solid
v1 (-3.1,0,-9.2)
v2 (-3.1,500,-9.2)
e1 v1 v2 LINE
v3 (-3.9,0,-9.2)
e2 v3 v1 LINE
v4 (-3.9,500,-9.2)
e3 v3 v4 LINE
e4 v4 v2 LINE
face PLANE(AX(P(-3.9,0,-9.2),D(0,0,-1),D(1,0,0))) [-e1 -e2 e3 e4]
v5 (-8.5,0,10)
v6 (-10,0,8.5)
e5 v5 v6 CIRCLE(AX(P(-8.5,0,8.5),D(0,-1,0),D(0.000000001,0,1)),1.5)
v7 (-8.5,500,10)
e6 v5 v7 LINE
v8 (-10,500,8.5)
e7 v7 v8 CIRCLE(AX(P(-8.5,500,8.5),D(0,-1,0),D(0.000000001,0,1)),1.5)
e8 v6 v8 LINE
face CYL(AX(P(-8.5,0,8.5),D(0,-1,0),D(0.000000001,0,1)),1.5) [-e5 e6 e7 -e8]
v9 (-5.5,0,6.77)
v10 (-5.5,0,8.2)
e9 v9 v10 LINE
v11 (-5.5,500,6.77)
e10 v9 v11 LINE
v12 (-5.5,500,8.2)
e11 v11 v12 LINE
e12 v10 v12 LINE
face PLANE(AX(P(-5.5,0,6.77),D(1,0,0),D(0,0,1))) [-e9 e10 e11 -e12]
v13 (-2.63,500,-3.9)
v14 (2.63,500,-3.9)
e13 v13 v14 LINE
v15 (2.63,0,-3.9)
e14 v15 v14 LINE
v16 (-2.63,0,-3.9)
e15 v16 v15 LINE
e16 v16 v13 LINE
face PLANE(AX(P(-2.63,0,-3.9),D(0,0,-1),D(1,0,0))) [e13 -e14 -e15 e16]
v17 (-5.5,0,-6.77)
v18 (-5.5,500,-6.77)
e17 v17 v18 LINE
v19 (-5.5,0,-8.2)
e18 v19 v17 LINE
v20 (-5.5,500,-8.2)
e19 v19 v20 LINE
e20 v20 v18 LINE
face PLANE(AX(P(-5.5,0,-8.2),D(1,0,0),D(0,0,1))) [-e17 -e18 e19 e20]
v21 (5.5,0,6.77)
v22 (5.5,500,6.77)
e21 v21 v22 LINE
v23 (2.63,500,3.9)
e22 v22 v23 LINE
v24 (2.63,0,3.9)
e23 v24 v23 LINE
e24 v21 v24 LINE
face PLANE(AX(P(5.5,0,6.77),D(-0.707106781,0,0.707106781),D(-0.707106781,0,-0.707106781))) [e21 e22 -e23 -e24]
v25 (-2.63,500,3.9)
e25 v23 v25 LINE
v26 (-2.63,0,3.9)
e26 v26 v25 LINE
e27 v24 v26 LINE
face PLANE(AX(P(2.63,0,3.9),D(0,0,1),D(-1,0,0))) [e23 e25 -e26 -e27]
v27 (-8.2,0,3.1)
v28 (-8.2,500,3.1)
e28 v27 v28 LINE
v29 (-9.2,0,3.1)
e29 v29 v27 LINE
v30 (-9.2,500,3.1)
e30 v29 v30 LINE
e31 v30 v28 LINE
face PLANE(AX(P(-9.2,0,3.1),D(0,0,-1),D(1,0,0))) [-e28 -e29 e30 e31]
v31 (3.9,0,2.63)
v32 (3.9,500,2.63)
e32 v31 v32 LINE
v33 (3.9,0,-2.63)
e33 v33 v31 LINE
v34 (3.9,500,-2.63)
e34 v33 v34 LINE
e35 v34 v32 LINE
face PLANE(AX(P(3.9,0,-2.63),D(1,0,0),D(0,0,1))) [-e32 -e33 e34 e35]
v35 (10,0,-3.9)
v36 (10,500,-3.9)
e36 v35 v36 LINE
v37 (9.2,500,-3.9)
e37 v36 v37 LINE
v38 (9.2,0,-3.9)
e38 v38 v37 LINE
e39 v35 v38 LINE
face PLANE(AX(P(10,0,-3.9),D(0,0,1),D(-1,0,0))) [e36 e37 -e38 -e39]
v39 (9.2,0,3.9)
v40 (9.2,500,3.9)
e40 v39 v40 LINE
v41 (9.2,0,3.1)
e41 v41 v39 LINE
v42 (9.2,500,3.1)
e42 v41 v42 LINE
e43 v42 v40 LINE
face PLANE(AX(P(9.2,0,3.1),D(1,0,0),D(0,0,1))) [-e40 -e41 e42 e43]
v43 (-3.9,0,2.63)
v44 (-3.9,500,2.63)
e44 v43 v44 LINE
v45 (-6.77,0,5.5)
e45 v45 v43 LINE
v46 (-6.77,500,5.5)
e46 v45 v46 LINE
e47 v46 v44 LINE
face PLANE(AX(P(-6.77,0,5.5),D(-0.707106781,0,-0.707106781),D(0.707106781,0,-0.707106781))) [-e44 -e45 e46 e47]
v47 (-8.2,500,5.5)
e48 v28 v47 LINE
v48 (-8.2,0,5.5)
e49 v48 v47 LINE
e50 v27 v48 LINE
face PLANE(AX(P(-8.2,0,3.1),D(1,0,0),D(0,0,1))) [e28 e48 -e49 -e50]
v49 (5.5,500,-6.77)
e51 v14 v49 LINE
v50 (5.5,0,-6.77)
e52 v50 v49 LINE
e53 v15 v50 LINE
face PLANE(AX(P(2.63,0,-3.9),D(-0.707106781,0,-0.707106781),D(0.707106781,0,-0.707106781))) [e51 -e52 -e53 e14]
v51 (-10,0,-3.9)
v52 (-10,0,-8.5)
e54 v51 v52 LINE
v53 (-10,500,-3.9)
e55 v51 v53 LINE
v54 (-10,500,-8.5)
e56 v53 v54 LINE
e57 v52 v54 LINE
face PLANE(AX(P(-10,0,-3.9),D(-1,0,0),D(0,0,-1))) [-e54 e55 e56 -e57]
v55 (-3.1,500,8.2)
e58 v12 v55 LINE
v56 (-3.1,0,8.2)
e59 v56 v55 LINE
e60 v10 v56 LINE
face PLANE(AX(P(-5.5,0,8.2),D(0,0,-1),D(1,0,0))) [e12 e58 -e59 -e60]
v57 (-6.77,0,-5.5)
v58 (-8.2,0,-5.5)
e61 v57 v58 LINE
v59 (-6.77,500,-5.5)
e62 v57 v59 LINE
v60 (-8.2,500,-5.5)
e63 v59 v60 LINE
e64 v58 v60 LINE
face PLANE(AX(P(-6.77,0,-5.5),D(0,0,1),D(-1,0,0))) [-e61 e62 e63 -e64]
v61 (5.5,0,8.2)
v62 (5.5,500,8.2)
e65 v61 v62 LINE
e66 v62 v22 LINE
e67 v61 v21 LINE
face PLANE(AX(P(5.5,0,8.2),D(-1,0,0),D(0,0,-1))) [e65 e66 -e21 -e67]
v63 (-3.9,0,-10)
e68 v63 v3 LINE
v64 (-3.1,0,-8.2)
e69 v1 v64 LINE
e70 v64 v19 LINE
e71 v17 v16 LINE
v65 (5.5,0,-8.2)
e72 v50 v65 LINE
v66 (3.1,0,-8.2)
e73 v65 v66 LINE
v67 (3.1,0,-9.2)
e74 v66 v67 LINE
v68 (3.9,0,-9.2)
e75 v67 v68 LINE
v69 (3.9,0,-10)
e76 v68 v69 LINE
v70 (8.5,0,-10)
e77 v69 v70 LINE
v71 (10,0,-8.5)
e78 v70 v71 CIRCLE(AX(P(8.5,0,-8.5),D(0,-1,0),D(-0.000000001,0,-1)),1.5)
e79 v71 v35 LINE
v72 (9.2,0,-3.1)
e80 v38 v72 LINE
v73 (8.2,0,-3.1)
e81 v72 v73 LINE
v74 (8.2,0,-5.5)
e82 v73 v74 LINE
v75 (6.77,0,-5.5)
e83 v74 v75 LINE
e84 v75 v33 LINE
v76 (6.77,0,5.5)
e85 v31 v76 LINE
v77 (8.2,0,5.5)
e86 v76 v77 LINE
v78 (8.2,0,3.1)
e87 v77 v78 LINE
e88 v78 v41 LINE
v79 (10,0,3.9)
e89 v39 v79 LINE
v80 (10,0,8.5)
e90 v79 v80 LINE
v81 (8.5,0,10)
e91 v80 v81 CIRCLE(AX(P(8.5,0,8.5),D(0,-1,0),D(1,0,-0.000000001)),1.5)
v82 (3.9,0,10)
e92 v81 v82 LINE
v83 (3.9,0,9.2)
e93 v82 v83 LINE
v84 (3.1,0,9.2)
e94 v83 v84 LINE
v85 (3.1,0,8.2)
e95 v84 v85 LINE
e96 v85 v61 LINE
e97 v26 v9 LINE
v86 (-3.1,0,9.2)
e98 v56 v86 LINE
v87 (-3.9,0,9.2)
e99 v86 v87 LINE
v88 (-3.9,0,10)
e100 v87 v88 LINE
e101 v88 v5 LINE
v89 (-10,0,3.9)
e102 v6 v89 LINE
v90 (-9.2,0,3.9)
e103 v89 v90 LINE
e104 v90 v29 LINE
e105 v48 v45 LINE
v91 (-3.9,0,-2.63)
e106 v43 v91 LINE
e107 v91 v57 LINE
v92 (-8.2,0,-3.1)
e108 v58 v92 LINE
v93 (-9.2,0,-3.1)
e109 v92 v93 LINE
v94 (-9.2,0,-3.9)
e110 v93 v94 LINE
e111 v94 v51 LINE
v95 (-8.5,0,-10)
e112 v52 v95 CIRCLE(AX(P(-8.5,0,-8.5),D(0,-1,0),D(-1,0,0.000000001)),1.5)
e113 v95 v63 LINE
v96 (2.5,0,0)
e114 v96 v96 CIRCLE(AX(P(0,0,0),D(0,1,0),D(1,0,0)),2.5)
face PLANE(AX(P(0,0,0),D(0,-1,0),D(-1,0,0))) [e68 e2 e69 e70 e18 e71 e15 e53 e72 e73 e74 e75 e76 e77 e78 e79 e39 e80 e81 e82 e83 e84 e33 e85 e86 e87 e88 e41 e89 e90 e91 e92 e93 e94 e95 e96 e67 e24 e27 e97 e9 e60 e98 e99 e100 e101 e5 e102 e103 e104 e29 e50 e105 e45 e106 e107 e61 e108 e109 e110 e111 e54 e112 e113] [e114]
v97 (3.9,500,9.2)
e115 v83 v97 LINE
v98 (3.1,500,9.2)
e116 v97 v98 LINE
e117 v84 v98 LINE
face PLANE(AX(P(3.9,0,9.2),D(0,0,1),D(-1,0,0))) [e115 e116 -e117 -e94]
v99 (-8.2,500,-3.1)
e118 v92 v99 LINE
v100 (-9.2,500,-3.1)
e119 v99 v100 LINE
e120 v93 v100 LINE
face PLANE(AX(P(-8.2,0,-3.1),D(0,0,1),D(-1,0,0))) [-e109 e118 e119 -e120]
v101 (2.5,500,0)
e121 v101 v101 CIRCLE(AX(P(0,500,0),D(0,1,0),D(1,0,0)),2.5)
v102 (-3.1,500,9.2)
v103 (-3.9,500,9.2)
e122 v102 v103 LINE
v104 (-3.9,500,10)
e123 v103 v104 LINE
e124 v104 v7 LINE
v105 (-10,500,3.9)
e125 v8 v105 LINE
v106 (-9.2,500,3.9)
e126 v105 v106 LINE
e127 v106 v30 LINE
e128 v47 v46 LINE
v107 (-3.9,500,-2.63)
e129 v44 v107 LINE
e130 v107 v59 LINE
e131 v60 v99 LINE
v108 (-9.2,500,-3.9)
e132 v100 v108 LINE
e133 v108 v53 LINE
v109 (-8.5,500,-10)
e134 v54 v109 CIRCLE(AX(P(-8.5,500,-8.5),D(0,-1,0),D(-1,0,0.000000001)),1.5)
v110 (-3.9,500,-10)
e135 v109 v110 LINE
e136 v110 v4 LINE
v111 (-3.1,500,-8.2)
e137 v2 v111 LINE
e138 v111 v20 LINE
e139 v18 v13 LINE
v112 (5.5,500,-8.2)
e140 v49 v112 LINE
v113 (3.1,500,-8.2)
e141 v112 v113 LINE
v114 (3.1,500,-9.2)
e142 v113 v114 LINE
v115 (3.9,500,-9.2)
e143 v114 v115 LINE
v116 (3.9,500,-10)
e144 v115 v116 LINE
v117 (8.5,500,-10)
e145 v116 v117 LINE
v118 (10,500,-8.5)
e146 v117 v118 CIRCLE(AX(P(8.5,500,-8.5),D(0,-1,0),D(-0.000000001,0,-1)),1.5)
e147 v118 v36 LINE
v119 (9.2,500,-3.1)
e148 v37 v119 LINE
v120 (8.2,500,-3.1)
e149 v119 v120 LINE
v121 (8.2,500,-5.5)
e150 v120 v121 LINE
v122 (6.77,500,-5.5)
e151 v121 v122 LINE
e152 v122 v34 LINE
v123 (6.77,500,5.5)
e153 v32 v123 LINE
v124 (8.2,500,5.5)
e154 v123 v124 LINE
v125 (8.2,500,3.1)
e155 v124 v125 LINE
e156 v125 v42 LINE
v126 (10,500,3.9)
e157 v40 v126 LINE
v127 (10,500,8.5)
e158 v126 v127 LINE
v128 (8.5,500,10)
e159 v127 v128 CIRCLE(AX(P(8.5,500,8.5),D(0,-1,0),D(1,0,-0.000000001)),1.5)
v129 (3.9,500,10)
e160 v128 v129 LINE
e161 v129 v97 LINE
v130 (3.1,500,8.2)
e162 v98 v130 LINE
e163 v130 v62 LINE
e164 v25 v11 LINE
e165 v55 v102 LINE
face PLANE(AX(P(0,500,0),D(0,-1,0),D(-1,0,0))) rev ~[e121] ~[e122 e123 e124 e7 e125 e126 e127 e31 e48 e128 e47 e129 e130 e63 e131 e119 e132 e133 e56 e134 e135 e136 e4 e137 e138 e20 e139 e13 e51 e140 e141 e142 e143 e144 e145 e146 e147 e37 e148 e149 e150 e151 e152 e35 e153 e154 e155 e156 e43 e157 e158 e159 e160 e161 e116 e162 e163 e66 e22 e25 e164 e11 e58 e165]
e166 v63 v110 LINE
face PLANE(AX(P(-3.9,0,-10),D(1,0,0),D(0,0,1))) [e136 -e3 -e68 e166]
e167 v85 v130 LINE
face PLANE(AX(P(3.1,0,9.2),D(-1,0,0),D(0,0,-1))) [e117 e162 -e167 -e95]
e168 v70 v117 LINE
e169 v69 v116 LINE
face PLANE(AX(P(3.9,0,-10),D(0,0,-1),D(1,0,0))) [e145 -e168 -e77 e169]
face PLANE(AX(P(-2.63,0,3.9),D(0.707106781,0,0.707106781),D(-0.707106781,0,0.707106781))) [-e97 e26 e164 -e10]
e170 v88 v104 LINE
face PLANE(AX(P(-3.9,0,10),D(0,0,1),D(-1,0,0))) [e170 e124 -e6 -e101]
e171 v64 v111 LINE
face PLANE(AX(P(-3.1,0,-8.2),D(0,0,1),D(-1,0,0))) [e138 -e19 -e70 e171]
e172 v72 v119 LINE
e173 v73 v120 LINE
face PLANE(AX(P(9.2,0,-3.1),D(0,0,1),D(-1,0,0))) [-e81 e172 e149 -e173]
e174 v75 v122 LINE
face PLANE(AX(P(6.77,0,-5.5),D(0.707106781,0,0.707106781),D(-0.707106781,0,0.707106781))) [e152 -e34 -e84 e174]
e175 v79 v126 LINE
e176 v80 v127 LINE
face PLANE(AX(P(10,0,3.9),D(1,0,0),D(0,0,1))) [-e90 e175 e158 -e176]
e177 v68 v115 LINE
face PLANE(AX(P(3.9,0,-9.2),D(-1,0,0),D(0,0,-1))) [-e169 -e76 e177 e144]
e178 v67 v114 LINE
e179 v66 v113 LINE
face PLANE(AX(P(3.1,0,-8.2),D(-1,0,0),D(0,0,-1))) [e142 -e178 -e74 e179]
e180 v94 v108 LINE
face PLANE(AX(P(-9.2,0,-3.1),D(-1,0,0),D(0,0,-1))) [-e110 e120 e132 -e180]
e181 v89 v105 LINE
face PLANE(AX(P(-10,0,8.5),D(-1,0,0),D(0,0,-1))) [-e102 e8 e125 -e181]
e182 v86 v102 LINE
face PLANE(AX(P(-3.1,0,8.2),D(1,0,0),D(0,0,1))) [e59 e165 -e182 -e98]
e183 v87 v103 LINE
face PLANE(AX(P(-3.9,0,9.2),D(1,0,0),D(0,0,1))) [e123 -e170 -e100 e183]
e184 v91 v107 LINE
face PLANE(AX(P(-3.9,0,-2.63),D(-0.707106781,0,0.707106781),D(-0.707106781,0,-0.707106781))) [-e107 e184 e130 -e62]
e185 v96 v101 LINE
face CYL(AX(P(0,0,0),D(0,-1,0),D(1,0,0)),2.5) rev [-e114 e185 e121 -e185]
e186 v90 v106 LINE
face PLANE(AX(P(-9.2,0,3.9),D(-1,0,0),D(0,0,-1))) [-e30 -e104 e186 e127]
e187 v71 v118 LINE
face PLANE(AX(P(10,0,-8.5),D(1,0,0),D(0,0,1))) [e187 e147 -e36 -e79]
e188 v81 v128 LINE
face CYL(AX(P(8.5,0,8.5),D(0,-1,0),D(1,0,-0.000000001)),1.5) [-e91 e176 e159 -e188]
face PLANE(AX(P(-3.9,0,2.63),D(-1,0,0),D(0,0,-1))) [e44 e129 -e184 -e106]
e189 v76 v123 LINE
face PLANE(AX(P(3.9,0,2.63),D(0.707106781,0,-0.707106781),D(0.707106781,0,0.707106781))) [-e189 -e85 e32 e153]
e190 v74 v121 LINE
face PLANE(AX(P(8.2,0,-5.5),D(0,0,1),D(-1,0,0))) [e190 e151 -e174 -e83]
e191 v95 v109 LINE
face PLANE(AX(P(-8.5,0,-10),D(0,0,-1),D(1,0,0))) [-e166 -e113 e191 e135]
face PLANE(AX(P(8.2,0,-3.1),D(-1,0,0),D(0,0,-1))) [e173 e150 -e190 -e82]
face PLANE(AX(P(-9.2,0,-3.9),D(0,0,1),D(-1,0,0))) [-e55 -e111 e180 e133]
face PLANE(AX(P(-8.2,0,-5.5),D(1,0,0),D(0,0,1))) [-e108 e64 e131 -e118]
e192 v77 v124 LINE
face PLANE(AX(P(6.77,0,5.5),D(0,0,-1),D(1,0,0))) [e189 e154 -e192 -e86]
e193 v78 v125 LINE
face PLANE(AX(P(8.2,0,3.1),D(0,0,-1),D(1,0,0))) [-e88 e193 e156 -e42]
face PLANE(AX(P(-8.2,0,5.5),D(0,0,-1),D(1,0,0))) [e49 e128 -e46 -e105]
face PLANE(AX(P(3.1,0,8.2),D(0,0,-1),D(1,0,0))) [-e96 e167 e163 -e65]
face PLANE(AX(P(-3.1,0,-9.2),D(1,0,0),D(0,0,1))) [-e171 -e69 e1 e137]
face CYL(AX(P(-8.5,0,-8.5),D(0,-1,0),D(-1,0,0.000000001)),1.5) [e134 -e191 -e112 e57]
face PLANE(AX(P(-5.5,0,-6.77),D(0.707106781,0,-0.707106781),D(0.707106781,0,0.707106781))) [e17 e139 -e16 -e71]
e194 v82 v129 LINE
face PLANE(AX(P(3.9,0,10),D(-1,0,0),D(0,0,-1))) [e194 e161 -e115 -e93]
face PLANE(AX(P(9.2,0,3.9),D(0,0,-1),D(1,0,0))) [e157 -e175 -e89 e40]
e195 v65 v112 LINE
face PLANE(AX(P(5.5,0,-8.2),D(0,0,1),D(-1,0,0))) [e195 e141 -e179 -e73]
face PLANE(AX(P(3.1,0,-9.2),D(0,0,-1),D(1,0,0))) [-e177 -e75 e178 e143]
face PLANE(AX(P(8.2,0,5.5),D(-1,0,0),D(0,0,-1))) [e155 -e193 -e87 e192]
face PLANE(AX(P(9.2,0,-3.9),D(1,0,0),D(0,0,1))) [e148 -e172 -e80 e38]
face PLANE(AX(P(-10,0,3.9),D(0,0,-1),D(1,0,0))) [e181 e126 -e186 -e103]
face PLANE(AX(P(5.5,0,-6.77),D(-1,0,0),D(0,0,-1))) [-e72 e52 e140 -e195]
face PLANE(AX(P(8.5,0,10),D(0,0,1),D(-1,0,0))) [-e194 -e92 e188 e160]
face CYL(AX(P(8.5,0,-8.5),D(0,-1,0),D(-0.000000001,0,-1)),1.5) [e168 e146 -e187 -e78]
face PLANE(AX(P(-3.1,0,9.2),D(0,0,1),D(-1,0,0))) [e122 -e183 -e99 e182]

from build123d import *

# Parameters (mm, degrees)
SKETCH1_R           = 2.5
BOSS_EXTRUDE1_DEPTH = 500


with BuildPart() as part:
    # Sketch1 → Boss-Extrude1 (new body)
    with BuildSketch(Plane(origin=(0, 0, 0), x_dir=(1, 0, 0), z_dir=(0, 1, 0))):
        with BuildLine():
            Line((3.9, 10), (8.5, 10))
            ThreePointArc((8.5, 10), (9.560660172, 9.560660172), (10, 8.5))
            Line((10, 8.5), (10, 3.9))
            Line((10, 3.9), (9.2, 3.9))
            Line((9.2, 3.9), (9.2, 3.1))
            Line((9.2, 3.1), (8.2, 3.1))
            Line((8.2, 3.1), (8.2, 5.5))
            Line((8.2, 5.5), (6.77, 5.5))
            Line((6.77, 5.5), (3.9, 2.63))
            Line((3.9, 2.63), (3.9, 0))
            Line((3.9, 0), (3.9, -2.63))
            Line((3.9, -2.63), (6.77, -5.5))
            Line((6.77, -5.5), (8.2, -5.5))
            Line((8.2, -5.5), (8.2, -3.1))
            Line((8.2, -3.1), (9.2, -3.1))
            Line((9.2, -3.1), (9.2, -3.9))
            Line((9.2, -3.9), (10, -3.9))
            Line((10, -3.9), (10, -8.5))
            ThreePointArc((10, -8.5), (9.560660172, -9.560660172), (8.5, -10))
            Line((8.5, -10), (3.9, -10))
            Line((3.9, -10), (3.9, -9.2))
            Line((3.9, -9.2), (3.1, -9.2))
            Line((3.1, -9.2), (3.1, -8.2))
            Line((3.1, -8.2), (5.5, -8.2))
            Line((5.5, -8.2), (5.5, -6.77))
            Line((5.5, -6.77), (2.63, -3.9))
            Line((2.63, -3.9), (0, -3.9))
            Line((0, -3.9), (-2.63, -3.9))
            Line((-2.63, -3.9), (-5.5, -6.77))
            Line((-5.5, -6.77), (-5.5, -8.2))
            Line((-5.5, -8.2), (-3.1, -8.2))
            Line((-3.1, -8.2), (-3.1, -9.2))
            Line((-3.1, -9.2), (-3.9, -9.2))
            Line((-3.9, -9.2), (-3.9, -10))
            Line((-3.9, -10), (-8.5, -10))
            ThreePointArc((-8.5, -10), (-9.560660172, -9.560660172), (-10, -8.5))
            Line((-10, -8.5), (-10, -3.9))
            Line((-10, -3.9), (-9.2, -3.9))
            Line((-9.2, -3.9), (-9.2, -3.1))
            Line((-9.2, -3.1), (-8.2, -3.1))
            Line((-8.2, -3.1), (-8.2, -5.5))
            Line((-8.2, -5.5), (-6.77, -5.5))
            Line((-6.77, -5.5), (-3.9, -2.63))
            Line((-3.9, -2.63), (-3.9, 0))
            Line((-3.9, 0), (-3.9, 2.63))
            Line((-3.9, 2.63), (-6.77, 5.5))
            Line((-6.77, 5.5), (-8.2, 5.5))
            Line((-8.2, 5.5), (-8.2, 3.1))
            Line((-8.2, 3.1), (-9.2, 3.1))
            Line((-9.2, 3.1), (-9.2, 3.9))
            Line((-9.2, 3.9), (-10, 3.9))
            Line((-10, 3.9), (-10, 8.5))
            ThreePointArc((-10, 8.5), (-9.560660172, 9.560660172), (-8.5, 10))
            Line((-8.5, 10), (-3.9, 10))
            Line((-3.9, 10), (-3.9, 9.2))
            Line((-3.9, 9.2), (-3.1, 9.2))
            Line((-3.1, 9.2), (-3.1, 8.2))
            Line((-3.1, 8.2), (-5.5, 8.2))
            Line((-5.5, 8.2), (-5.5, 6.77))
            Line((-5.5, 6.77), (-2.63, 3.9))
            Line((-2.63, 3.9), (2.63, 3.9))
            Line((2.63, 3.9), (5.5, 6.77))
            Line((5.5, 6.77), (5.5, 8.2))
            Line((5.5, 8.2), (3.1, 8.2))
            Line((3.1, 8.2), (3.1, 9.2))
            Line((3.1, 9.2), (3.9, 9.2))
            Line((3.9, 9.2), (3.9, 10))
        make_face()
        Circle(SKETCH1_R, mode=Mode.SUBTRACT)
    extrude(amount=BOSS_EXTRUDE1_DEPTH)


solid = part.part
